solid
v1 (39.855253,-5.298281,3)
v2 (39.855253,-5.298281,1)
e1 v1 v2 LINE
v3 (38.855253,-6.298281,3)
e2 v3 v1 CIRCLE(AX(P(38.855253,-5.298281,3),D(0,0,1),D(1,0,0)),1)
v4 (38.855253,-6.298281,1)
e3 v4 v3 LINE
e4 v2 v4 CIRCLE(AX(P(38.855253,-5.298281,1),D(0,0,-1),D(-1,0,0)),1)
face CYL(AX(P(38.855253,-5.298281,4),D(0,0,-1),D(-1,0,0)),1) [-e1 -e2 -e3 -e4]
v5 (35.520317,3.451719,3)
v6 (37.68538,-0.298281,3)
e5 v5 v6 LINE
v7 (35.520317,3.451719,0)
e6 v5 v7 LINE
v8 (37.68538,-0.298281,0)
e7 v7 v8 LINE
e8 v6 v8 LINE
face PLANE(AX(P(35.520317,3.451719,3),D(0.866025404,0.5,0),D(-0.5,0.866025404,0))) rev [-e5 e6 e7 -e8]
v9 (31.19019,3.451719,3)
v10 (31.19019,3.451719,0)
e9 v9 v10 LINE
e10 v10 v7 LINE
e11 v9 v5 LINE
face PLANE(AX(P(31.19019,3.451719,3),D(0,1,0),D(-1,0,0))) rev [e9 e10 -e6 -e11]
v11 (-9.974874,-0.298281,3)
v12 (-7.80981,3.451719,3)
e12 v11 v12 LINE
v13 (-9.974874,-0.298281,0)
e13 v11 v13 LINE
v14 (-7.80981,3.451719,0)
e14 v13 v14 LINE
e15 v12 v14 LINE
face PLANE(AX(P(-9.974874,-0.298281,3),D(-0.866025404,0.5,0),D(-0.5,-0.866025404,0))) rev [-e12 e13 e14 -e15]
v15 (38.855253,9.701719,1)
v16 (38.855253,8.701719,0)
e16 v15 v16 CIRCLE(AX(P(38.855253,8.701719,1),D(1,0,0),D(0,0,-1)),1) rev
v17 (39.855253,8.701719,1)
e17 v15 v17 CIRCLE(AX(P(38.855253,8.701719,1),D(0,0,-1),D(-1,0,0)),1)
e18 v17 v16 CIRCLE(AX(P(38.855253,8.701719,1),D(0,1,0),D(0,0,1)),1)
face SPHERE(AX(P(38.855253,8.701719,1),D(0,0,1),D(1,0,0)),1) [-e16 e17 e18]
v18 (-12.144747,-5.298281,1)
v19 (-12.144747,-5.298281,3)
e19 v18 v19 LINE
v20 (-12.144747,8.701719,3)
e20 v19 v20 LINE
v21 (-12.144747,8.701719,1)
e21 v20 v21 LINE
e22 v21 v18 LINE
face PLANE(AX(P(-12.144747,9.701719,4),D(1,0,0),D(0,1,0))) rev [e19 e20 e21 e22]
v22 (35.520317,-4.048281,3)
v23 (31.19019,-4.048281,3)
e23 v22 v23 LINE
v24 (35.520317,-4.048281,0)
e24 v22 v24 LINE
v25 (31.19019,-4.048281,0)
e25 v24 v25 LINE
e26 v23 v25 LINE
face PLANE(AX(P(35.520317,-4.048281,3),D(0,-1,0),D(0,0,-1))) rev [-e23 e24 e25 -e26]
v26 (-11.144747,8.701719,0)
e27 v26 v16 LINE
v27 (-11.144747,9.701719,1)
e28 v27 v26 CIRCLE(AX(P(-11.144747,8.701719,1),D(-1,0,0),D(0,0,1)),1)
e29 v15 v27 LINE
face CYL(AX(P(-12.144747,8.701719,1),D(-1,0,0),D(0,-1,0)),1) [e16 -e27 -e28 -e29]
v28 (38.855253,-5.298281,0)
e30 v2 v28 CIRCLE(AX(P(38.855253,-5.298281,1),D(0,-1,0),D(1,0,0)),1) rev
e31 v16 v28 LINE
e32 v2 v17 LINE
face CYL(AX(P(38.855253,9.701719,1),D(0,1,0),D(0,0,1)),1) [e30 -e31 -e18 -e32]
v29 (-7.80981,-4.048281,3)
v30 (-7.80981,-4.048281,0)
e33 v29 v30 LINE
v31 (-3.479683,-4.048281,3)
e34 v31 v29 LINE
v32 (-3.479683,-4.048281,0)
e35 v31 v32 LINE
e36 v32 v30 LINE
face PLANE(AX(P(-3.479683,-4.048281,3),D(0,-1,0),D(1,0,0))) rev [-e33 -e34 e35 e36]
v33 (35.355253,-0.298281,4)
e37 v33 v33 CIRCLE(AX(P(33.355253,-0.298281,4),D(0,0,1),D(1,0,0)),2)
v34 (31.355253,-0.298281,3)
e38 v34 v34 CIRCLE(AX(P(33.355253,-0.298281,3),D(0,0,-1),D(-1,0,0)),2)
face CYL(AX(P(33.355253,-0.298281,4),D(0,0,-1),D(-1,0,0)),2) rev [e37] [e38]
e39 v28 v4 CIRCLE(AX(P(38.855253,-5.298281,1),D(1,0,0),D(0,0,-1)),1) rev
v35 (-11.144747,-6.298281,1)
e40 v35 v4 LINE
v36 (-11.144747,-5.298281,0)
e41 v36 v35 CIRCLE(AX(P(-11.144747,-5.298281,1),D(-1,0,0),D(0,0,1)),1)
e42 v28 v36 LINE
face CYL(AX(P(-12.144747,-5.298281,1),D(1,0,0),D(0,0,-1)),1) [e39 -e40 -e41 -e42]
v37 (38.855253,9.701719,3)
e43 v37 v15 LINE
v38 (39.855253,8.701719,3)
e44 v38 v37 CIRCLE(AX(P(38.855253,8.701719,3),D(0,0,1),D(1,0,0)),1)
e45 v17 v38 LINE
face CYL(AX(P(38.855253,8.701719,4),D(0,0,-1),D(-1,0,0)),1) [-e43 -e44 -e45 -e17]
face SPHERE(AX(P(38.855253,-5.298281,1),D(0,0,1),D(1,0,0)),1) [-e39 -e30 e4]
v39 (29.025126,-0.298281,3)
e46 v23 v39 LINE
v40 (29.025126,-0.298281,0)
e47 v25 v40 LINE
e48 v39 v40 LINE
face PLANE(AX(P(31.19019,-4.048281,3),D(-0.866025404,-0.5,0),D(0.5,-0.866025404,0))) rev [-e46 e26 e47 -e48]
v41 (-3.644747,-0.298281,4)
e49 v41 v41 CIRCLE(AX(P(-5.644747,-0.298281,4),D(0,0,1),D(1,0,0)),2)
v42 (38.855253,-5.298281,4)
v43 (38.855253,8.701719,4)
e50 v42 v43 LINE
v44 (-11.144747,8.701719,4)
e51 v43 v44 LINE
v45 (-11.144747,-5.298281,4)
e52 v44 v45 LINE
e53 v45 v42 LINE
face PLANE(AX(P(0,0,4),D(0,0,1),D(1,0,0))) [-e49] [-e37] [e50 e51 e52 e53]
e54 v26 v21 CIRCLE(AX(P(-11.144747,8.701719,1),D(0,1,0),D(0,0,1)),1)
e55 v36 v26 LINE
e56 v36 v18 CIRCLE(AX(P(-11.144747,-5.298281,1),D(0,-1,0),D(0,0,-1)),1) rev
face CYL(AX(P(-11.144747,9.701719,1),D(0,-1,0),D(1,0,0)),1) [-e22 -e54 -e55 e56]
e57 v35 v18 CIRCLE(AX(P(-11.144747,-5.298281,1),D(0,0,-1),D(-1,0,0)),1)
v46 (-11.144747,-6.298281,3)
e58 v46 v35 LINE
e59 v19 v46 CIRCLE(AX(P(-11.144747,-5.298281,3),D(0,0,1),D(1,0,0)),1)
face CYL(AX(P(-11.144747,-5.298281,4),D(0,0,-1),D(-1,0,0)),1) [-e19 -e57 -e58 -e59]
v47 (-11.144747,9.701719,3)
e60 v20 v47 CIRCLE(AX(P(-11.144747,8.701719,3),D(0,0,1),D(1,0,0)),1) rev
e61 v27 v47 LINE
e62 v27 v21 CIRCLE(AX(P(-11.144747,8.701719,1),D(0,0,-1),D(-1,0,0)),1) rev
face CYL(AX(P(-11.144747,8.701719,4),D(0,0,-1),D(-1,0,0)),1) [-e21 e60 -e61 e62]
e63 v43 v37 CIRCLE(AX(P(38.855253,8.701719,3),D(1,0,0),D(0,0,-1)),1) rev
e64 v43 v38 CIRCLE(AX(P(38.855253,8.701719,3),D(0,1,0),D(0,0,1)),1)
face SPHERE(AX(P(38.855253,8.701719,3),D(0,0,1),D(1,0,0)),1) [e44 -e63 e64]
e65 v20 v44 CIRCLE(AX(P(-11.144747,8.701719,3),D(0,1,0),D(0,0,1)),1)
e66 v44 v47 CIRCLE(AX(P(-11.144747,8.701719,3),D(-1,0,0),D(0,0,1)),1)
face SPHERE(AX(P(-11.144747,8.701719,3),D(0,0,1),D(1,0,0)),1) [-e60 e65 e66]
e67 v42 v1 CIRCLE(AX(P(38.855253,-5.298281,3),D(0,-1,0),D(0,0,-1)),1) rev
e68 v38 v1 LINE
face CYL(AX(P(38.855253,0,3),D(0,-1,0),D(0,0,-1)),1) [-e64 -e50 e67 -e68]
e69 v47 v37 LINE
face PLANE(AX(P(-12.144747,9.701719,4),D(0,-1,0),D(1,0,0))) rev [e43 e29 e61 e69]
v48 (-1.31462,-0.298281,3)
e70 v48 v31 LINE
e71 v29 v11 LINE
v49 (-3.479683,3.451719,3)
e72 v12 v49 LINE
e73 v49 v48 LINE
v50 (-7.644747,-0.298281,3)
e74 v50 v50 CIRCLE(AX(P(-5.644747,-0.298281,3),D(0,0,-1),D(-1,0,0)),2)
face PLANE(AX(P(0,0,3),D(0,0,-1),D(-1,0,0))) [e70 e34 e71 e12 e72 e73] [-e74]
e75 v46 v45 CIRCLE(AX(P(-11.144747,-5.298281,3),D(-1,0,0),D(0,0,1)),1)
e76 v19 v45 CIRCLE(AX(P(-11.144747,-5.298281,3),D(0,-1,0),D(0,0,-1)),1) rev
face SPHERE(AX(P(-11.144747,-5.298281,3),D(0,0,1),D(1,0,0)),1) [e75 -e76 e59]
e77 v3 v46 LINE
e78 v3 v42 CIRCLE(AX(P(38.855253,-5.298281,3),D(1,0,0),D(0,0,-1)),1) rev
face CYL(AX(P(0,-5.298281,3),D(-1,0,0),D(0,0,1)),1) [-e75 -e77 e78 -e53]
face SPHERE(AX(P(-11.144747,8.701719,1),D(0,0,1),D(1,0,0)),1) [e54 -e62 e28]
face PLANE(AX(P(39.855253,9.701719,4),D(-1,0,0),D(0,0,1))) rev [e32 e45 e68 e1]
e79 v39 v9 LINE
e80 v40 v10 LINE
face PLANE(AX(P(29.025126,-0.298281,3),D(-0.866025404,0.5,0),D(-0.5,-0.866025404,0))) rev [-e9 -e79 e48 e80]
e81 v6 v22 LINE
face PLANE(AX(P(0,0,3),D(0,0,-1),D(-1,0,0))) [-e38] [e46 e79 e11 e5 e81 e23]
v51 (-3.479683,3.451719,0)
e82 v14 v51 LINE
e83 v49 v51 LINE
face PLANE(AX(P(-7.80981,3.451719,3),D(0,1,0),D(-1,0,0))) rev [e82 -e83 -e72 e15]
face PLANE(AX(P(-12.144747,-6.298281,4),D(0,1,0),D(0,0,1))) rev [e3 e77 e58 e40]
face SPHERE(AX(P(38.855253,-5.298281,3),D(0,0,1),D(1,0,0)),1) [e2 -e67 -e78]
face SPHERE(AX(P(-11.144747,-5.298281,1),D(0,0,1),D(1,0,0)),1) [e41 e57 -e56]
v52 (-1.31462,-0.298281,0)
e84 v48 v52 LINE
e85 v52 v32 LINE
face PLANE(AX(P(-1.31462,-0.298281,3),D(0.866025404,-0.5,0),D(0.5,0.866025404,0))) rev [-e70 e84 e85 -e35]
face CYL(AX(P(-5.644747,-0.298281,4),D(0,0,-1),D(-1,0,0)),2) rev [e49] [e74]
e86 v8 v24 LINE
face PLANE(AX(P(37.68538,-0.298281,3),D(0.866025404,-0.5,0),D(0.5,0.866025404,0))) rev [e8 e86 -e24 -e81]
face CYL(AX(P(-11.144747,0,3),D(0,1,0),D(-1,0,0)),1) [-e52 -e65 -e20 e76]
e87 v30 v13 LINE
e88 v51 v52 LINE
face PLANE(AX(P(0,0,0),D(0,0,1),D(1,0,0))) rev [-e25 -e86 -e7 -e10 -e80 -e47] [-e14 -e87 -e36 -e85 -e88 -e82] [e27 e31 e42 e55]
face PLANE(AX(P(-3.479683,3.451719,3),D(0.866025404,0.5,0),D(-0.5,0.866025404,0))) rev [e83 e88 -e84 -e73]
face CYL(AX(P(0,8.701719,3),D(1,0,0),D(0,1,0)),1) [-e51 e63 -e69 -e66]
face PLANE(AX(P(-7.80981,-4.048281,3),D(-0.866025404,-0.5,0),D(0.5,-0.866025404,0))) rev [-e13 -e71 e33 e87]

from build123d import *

# Parameters (mm, degrees)
SKETCH1_W           = 52
SKETCH1_H           = 16
SKETCH1_R           = 2
BOSS_EXTRUDE1_DEPTH = 4
FILLET1_R           = 1
CUT_EXTRUDE1_DEPTH  = 3


with BuildPart() as part:
    # Sketch1 → Boss-Extrude1 (new body)
    with BuildSketch(Plane.XY):
        with Locations((13.855253101, 1.7017189)):
            Rectangle(SKETCH1_W, SKETCH1_H)
        with Locations((-5.644746899, -0.2982811)):
            Circle(SKETCH1_R, mode=Mode.SUBTRACT)
        with Locations((33.355253101, -0.2982811)):
            Circle(SKETCH1_R, mode=Mode.SUBTRACT)
    extrude(amount=BOSS_EXTRUDE1_DEPTH)

    # Fillet1
    fillet1_edges = [part.edges().sort_by_distance(p)[0] for p in [
        (39.855253101, 1.7017189, 4),
        (13.855253101, 9.7017189, 4),
        (-12.144746899, 1.7017189, 4),
        (13.855253101, 9.7017189, 0),
        (39.855253101, 1.7017189, 0),
        (13.855253101, -6.2982811, 0),
        (-12.144746899, 1.7017189, 0),
        (13.855253101, -6.2982811, 4),
        (-12.144746899, 9.7017189, 2),
        (39.855253101, 9.7017189, 2),
        (39.855253101, -6.2982811, 2),
        (-12.144746899, -6.2982811, 2),
    ]]
    fillet(fillet1_edges, radius=FILLET1_R)

    # Sketch5 → Cut-Extrude1 (cut)
    with BuildSketch(Plane(origin=(0, 0, 0), x_dir=(-1, 0, 0), z_dir=(0, 0, -1))):
        Polygon((-29.025126082, -0.2982811), (-31.190189592, 3.4517189), (-35.520316611, 3.4517189), (-37.68538012, -0.2982811), (-35.520316611, -4.0482811), (-31.190189592, -4.0482811), align=None)
        Polygon((1.31461988, -0.2982811), (3.479683389, -4.0482811), (7.809810408, -4.0482811), (9.974873918, -0.2982811), (7.809810408, 3.4517189), (3.479683389, 3.4517189), align=None)
    extrude(amount=-CUT_EXTRUDE1_DEPTH, mode=Mode.SUBTRACT)


solid = part.part
